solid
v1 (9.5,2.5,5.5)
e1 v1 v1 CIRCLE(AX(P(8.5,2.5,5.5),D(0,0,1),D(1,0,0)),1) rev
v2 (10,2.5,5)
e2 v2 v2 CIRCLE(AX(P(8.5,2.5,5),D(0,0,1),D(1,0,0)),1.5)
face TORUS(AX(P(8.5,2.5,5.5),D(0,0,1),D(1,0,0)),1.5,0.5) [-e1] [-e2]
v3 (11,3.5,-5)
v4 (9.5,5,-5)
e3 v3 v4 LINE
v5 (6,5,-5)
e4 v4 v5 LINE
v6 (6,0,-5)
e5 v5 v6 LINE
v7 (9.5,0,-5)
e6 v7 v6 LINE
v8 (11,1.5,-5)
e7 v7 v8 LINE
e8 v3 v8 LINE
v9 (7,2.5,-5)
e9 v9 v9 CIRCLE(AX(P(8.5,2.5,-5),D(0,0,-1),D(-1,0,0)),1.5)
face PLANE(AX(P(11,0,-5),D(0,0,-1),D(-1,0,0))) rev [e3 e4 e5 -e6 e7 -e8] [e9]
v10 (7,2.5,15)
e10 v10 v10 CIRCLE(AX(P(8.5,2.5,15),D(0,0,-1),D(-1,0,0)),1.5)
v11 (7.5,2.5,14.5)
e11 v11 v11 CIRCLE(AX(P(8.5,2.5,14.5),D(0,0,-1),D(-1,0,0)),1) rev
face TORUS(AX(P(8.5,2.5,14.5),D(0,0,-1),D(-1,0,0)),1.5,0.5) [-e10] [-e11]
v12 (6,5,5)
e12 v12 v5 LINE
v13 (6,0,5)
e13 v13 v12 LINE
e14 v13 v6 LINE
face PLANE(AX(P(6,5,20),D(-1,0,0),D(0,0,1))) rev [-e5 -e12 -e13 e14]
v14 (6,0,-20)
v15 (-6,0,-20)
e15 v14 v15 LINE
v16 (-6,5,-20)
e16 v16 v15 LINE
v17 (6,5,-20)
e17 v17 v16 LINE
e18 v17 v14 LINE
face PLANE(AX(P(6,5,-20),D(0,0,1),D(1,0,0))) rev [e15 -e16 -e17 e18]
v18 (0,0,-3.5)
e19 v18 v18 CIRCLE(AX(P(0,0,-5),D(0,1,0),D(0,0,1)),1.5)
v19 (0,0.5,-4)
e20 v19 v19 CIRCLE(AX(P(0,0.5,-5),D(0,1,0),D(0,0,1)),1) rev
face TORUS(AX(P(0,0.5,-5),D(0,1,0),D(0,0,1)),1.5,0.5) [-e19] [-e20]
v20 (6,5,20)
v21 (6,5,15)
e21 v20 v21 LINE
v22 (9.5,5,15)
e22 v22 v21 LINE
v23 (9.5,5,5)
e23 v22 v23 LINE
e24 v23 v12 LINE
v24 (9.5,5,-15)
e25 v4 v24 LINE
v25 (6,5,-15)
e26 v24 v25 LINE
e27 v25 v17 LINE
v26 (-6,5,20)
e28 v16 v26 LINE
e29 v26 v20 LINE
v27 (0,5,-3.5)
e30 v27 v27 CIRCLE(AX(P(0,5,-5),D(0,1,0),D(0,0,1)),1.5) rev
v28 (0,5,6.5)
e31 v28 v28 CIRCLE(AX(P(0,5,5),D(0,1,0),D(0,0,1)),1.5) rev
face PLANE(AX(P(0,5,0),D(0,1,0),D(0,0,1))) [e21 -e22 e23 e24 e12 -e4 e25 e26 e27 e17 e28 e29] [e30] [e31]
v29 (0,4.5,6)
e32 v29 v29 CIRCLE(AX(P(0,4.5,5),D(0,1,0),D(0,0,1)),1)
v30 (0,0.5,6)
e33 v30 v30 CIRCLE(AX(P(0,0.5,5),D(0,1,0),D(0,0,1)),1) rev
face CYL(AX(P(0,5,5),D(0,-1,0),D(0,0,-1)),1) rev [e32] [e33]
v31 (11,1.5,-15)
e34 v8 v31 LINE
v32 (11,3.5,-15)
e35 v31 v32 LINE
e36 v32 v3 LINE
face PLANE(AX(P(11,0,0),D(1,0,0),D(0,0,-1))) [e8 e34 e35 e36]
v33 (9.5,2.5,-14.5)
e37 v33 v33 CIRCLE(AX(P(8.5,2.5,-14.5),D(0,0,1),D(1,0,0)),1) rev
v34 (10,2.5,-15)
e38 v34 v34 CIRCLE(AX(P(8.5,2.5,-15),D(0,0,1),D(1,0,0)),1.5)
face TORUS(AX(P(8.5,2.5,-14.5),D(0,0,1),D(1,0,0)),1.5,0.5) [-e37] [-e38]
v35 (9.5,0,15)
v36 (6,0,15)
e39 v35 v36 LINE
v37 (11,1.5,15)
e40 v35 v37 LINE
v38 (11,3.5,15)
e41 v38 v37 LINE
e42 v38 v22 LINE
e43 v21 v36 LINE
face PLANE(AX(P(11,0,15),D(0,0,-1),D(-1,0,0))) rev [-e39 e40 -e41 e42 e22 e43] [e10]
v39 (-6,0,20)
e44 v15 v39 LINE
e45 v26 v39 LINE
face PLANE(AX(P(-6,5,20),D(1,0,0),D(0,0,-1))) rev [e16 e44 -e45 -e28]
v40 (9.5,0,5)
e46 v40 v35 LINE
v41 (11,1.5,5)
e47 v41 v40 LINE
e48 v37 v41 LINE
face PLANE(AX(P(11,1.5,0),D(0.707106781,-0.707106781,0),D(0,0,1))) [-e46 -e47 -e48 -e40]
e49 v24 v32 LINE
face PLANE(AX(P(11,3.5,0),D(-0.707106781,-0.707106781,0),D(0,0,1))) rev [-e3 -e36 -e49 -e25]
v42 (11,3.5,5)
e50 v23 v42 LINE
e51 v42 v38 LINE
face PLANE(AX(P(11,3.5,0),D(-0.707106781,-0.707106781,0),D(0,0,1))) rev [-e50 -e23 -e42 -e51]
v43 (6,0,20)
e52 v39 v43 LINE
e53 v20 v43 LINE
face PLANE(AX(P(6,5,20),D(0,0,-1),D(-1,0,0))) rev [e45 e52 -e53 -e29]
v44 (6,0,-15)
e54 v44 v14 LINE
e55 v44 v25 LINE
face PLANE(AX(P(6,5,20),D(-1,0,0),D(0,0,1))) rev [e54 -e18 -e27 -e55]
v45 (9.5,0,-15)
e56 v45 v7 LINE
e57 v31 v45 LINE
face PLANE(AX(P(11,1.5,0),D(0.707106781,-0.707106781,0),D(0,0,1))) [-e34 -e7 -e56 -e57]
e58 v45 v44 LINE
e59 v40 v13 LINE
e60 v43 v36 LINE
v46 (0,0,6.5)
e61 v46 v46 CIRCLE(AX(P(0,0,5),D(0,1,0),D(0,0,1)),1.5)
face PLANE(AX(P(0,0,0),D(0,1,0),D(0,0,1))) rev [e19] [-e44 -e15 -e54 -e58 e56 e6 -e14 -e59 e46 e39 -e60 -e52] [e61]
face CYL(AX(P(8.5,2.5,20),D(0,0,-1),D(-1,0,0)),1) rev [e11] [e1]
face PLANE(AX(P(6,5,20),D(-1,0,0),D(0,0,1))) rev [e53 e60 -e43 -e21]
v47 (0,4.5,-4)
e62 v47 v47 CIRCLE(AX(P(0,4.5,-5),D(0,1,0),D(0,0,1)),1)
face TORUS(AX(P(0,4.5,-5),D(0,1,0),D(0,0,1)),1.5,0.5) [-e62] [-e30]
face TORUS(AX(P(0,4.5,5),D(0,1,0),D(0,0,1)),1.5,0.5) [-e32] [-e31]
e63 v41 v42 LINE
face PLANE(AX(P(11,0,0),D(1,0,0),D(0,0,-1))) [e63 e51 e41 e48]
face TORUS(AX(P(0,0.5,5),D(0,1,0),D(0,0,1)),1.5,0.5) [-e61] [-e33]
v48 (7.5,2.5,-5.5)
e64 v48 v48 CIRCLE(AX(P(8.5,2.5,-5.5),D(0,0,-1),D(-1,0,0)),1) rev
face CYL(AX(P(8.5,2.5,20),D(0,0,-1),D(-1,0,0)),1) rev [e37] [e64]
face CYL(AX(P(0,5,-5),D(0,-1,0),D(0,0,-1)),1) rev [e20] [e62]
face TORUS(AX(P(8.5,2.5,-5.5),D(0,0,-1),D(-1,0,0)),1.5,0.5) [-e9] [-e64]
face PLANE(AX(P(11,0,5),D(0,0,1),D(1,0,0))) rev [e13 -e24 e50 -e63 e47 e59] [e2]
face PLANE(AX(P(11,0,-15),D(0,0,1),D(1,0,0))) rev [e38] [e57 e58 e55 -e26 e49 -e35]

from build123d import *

# Parameters (mm, degrees)
SKETCH1_W             = 12
SKETCH1_H             = 40
SKETCH1_R             = 1
HINGE_DEPTH           = 5
SKETCH2_W             = 10
SKETCH2_H             = 5
HINGE_EXTRUDE_1_DEPTH = 5
HOLE_CUT_1_DEPTH      = 38.027017163
HOLE_CUT_1_DEPTH_BACK = 38.027017163
SKETCH3_R             = 1
FILLET_HOLES_1_R      = 0.5
CHAMFER_1_SIZE        = 1.5


with BuildPart() as part:
    # Sketch1 → Hinge (new body)
    with BuildSketch(Plane(origin=(0, 0, 0), x_dir=(1, 0, 0), z_dir=(0, 1, 0))):
        Rectangle(SKETCH1_W, SKETCH1_H)
        with Locations(Location((0, 5, 0), (0, 0, 270))):
            Circle(SKETCH1_R, mode=Mode.SUBTRACT)
        with Locations(Location((0, -5, 0), (0, 0, 270))):
            Circle(SKETCH1_R, mode=Mode.SUBTRACT)
    extrude(amount=HINGE_DEPTH)

    # Sketch2 → Hinge Extrude 1 (add)
    with BuildSketch(Plane(origin=(6, 0, 0), x_dir=(0, 0, -1), z_dir=(1, 0, 0))):
        with Locations((-10, 2.5)):
            Rectangle(SKETCH2_W, SKETCH2_H)
        with Locations((10, 2.5)):
            Rectangle(SKETCH2_W, SKETCH2_H)
    extrude(amount=HINGE_EXTRUDE_1_DEPTH)

    # Sketch3 → Hole Cut 1 (cut, two sides: drawn at the far end of the back side and taken through both)
    with BuildSketch(Plane(origin=(0, 0, -15), x_dir=(-1, 0, 0), z_dir=(0, 0, -1)).offset(-HOLE_CUT_1_DEPTH_BACK)):
        with Locations((-8.5, 2.5)):
            Circle(SKETCH3_R)
    extrude(amount=HOLE_CUT_1_DEPTH + HOLE_CUT_1_DEPTH_BACK, mode=Mode.SUBTRACT)

    # Fillet Holes 1
    fillet_holes_1_edges = [part.edges().sort_by_distance(p)[0] for p in [
        (0, 0, -6),
        (0, 5, -6),
        (0, 0, 4),
        (0, 5, 4),
        (9.5, 2.5, 5),
        (9.5, 2.5, 15),
        (9.5, 2.5, -15),
        (9.5, 2.5, -5),
    ]]
    fillet(fillet_holes_1_edges, radius=FILLET_HOLES_1_R)

    # Chamfer 1
    chamfer_1_edges = [part.edges().sort_by_distance(p)[0] for p in [
        (11, 0, 10),
        (11, 5, 10),
        (11, 0, -10),
        (11, 5, -10),
    ]]
    chamfer(chamfer_1_edges, length=CHAMFER_1_SIZE)


solid = part.part
